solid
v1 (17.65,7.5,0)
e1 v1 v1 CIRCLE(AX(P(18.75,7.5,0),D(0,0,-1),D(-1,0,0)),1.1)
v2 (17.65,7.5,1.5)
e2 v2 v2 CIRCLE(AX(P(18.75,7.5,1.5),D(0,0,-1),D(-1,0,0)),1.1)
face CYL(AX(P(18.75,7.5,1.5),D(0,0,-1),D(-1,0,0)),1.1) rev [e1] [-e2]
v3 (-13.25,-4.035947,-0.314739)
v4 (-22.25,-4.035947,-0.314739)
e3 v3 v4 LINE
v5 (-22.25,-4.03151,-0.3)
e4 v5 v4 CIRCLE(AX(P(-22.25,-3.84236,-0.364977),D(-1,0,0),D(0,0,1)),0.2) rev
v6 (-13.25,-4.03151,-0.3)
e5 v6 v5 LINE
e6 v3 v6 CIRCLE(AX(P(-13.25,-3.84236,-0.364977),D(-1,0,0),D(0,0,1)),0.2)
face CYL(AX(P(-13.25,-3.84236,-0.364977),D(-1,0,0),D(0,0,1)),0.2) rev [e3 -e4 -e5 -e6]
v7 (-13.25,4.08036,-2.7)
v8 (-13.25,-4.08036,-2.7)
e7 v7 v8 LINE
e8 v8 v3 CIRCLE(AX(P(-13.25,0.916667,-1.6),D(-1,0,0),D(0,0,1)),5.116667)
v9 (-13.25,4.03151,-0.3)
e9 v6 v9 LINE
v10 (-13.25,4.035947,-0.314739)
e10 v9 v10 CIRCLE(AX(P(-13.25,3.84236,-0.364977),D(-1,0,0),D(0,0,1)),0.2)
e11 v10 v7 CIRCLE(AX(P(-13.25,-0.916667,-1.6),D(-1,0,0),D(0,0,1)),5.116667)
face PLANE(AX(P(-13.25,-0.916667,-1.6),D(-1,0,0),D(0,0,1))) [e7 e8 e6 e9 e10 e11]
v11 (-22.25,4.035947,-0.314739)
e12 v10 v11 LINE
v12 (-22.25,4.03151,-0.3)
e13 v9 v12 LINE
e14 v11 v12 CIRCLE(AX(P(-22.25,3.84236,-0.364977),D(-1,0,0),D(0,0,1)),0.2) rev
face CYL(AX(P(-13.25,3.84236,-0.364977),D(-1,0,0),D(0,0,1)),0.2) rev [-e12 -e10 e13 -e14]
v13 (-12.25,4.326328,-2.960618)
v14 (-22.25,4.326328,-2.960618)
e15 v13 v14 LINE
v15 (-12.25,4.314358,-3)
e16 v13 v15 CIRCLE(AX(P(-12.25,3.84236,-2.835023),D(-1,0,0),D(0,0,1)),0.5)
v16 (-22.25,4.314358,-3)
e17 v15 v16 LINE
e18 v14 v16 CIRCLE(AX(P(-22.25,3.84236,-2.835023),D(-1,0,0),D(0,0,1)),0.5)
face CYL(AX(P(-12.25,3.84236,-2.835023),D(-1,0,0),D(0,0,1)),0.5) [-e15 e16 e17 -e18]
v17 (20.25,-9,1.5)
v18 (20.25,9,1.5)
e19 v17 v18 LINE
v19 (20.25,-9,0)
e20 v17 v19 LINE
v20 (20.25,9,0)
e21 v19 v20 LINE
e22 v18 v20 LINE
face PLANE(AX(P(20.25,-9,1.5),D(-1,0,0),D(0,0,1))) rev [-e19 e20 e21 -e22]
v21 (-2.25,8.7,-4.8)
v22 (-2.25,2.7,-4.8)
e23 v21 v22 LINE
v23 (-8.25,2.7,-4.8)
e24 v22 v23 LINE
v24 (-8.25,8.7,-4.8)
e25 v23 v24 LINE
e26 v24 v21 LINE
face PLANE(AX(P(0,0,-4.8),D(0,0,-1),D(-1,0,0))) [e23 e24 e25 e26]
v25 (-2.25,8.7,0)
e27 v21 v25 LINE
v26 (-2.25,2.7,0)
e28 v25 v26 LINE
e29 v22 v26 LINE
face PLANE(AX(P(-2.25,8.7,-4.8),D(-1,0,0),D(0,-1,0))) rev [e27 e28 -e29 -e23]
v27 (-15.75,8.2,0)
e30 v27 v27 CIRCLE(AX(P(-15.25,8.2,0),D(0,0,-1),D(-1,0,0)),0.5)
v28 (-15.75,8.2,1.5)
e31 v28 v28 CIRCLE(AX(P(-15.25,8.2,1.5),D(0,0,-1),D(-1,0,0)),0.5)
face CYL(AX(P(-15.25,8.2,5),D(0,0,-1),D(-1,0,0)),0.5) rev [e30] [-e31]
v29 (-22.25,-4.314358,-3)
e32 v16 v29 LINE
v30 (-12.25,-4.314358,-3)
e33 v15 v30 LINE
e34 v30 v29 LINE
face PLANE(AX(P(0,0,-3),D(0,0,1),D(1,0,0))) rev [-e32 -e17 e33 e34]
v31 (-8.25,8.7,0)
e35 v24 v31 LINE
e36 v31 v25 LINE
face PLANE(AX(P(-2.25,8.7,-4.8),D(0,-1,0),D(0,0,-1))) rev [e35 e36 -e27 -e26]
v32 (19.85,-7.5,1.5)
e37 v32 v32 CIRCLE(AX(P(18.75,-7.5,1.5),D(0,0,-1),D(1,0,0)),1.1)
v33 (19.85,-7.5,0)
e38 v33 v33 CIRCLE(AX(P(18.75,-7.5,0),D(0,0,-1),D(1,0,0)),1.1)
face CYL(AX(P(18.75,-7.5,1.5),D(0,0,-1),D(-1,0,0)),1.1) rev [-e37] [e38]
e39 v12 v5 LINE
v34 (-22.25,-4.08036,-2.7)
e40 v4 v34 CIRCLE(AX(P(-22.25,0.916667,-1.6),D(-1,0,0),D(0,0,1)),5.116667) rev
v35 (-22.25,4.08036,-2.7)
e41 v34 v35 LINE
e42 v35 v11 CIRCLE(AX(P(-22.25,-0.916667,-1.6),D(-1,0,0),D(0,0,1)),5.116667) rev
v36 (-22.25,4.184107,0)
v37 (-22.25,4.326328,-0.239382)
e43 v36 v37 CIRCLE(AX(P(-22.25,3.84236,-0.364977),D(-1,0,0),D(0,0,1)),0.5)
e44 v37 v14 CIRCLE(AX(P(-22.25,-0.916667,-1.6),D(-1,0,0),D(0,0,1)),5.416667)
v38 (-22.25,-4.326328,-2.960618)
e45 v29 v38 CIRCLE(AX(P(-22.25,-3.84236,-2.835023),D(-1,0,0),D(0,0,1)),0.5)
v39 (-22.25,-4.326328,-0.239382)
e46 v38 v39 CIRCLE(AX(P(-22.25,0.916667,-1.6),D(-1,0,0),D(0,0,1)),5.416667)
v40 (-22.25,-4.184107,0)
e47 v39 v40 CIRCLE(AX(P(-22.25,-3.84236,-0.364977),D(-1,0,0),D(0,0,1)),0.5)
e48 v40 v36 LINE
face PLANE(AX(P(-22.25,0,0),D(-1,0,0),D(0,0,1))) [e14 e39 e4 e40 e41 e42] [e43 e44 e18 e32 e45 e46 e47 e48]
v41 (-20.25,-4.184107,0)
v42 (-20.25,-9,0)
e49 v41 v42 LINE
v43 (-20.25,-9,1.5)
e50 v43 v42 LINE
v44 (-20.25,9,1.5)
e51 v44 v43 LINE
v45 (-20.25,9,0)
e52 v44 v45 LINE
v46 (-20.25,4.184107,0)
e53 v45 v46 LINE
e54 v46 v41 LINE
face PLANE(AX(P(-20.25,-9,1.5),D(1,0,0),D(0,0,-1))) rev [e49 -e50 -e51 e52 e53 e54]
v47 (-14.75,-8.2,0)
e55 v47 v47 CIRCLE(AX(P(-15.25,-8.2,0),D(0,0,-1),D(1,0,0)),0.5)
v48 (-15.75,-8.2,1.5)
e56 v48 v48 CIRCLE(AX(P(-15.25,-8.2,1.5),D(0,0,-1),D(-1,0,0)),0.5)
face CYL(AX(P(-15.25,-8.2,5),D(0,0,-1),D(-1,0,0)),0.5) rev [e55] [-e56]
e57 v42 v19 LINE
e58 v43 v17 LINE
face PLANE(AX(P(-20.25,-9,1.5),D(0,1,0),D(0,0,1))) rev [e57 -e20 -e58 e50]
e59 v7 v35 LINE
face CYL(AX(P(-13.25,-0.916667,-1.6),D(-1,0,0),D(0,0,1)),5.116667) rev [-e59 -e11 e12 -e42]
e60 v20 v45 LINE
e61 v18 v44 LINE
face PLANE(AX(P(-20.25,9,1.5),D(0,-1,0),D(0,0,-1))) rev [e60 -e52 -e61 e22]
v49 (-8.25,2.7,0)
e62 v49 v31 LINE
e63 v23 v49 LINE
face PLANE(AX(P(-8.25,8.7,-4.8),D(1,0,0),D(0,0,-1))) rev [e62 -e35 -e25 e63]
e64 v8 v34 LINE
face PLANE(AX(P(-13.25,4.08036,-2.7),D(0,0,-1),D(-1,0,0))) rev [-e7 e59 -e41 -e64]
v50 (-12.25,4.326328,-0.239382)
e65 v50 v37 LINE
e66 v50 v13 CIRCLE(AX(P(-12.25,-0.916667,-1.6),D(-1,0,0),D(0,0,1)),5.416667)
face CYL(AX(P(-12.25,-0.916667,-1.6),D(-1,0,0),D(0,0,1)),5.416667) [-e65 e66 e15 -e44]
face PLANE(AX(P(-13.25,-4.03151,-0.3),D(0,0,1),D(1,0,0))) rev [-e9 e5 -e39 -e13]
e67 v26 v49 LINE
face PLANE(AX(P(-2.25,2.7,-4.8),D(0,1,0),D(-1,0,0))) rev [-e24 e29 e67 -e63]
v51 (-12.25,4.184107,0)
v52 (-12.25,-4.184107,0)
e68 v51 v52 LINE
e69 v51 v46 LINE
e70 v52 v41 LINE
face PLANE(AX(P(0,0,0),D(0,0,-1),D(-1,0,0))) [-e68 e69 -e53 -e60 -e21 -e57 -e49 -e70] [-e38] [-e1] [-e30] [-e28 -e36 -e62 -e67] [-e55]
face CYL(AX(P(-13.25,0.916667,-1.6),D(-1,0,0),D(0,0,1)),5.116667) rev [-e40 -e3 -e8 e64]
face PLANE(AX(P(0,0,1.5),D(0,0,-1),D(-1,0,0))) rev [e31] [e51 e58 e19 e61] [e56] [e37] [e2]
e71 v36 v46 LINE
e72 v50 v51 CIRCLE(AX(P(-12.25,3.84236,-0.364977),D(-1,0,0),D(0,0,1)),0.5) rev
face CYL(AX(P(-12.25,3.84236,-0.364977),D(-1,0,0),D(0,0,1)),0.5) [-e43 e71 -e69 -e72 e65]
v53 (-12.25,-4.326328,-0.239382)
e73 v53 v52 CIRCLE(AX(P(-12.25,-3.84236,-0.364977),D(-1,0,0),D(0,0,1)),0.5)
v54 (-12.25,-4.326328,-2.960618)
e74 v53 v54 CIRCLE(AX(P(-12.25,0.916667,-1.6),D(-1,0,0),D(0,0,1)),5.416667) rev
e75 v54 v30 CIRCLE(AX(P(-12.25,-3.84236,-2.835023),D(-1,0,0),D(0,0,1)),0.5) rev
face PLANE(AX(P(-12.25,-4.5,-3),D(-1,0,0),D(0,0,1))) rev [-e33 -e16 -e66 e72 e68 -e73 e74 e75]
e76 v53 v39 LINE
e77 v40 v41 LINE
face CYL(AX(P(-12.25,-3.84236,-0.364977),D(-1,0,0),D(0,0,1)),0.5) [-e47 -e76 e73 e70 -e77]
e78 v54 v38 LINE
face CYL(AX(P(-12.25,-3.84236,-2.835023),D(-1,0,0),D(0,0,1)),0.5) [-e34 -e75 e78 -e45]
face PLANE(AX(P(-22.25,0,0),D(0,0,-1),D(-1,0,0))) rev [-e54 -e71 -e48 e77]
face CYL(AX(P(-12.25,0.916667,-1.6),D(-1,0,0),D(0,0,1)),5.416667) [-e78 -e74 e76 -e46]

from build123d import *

# Parameters (mm, degrees)
IZIM1_W                     = 40.5
IZIM1_H                     = 18
Y_KSEKLIK_EKSTR_ZYON1_DEPTH = 1.5
IZIM2_R                     = 1.1
KES_EKSTR_ZYON1_DEPTH       = 1.5
IZIM3_W                     = 6
IZIM3_H                     = 6
Y_KSEKLIK_EKSTR_ZYON2_DEPTH = 4.8
IZIM4_W                     = 6
IZIM4_H                     = 9
Y_KSEKLIK_EKSTR_ZYON3_DEPTH = 3
KES_EKSTR_ZYON2_DEPTH       = 6
KES_EKSTR_ZYON3_DEPTH       = 5
IZIM8_R                     = 0.5
KES_EKSTR_ZYON4_DEPTH       = 5
Y_KSEKLIK_EKSTR_ZYON4_START = 4
Y_KSEKLIK_EKSTR_ZYON4_DEPTH = 4


with BuildPart() as part:
    # Çizim1 → Yükseklik-Ekstrüzyon1 (new body)
    with BuildSketch(Plane.XY):
        Rectangle(IZIM1_W, IZIM1_H)
    extrude(amount=Y_KSEKLIK_EKSTR_ZYON1_DEPTH)

    # Çizim2 → Kes-Ekstrüzyon1 (cut)
    with BuildSketch(Plane(origin=(0, 0, 0), x_dir=(-1, 0, 0), z_dir=(0, 0, -1))):
        with Locations((-18.75, 7.5)):
            Circle(IZIM2_R)
        with Locations((-18.75, -7.5)):
            Circle(IZIM2_R)
    extrude(amount=-KES_EKSTR_ZYON1_DEPTH, mode=Mode.SUBTRACT)

    # Çizim3 → Yükseklik-Ekstrüzyon2 (add)
    with BuildSketch(Plane(origin=(0, 0, 0), x_dir=(-1, 0, 0), z_dir=(0, 0, -1))):
        with Locations((5.25, 5.7)):
            Rectangle(IZIM3_W, IZIM3_H)
    extrude(amount=Y_KSEKLIK_EKSTR_ZYON2_DEPTH)

    # Çizim4 → Yükseklik-Ekstrüzyon3 (add)
    with BuildSketch(Plane(origin=(0, 0, 0), x_dir=(-1, 0, 0), z_dir=(0, 0, -1))):
        with Locations((15.25, 0)):
            Rectangle(IZIM4_W, IZIM4_H)
    extrude(amount=Y_KSEKLIK_EKSTR_ZYON3_DEPTH)

    # Çizim6 → Kes-Ekstrüzyon2 (cut)
    with BuildSketch(Plane.ZY.offset(18.25)):
        with BuildLine():
            ThreePointArc((-2.960618191, -4.326328271), (-2.980432326, -4.320748503), (-3, -4.314357896))
            Line((-3, -4.314357896), (-3, -4.5))
            Line((-3, -4.5), (-1.6, -4.5))
            ThreePointArc((-1.6, -4.5), (-2.285828647, -4.456406648), (-2.960618191, -4.326328271))
        make_face()
        with BuildLine():
            Line((-3, 4.5), (-3, 4.314357896))
            ThreePointArc((-3, 4.314357896), (-2.980432326, 4.320748503), (-2.960618191, 4.326328271))
            ThreePointArc((-2.960618191, 4.326328271), (-2.285828657, 4.456406647), (-1.60000002, 4.5))
            Line((-1.60000002, 4.5), (-3, 4.5))
        make_face()
        with BuildLine():
            ThreePointArc((-0.239381809, -4.326328271), (-0.914171353, -4.456406648), (-1.6, -4.5))
            Line((-1.6, -4.5), (0, -4.5))
            Line((0, -4.5), (0, -4.184107288))
            ThreePointArc((0, -4.184107288), (-0.109591088, -4.272217467), (-0.239381809, -4.326328271))
        make_face()
        with BuildLine():
            Line((0, 4.5), (-1.60000002, 4.5))
            ThreePointArc((-1.60000002, 4.5), (-0.914171363, 4.456406649), (-0.239381809, 4.326328271))
            ThreePointArc((-0.239381809, 4.326328271), (-0.109591088, 4.272217467), (0, 4.184107288))
            Line((0, 4.184107288), (0, 4.5))
        make_face()
    extrude(amount=-KES_EKSTR_ZYON2_DEPTH, mode=Mode.SUBTRACT)

    # Çizim7 → Kes-Ekstrüzyon3 (cut)
    with BuildSketch(Plane.ZY.offset(18.25)):
        with BuildLine():
            Line((-0.3, -4.031510098), (-0.3, 4.031510098))
            ThreePointArc((-0.3, 4.031510098), (-0.307326862, 4.033870403), (-0.314739124, 4.035947013))
            ThreePointArc((-0.314739124, 4.035947013), (-1.504744914, 4.199113259), (-2.7, 4.080360227))
            Line((-2.7, 4.080360227), (-2.7, -4.080360227))
            ThreePointArc((-2.7, -4.080360227), (-1.504744914, -4.199113259), (-0.314739124, -4.035947013))
            ThreePointArc((-0.314739124, -4.035947013), (-0.307326862, -4.033870403), (-0.3, -4.031510098))
        make_face()
    extrude(amount=-KES_EKSTR_ZYON3_DEPTH, mode=Mode.SUBTRACT)

    # Çizim8 → Kes-Ekstrüzyon4 (cut)
    with BuildSketch(Plane(origin=(0, 0, 0), x_dir=(-1, 0, 0), z_dir=(0, 0, -1))):
        with Locations((15.25, 8.2)):
            Circle(IZIM8_R)
        with Locations((15.25, -8.2)):
            Circle(IZIM8_R)
    extrude(amount=-KES_EKSTR_ZYON4_DEPTH, mode=Mode.SUBTRACT)

    # Çizim9 → Yükseklik-Ekstrüzyon4 (add)
    with BuildSketch(Plane.ZY.offset(18.25).offset(Y_KSEKLIK_EKSTR_ZYON4_START)):
        with BuildLine():
            ThreePointArc((-0.239381809, -4.326328271), (-0.109591088, -4.272217467), (0, -4.184107288))
            Line((0, -4.184107288), (0, 4.184107288))
            ThreePointArc((0, 4.184107288), (-0.109591088, 4.272217467), (-0.239381809, 4.326328271))
            ThreePointArc((-0.239381809, 4.326328271), (-1.6, 4.5), (-2.960618191, 4.326328271))
            ThreePointArc((-2.960618191, 4.326328271), (-2.980432326, 4.320748503), (-3, 4.314357896))
            Line((-3, 4.314357896), (-3, -4.314357896))
            ThreePointArc((-3, -4.314357896), (-2.980432326, -4.320748503), (-2.960618191, -4.326328271))
            ThreePointArc((-2.960618191, -4.326328271), (-1.6, -4.5), (-0.239381809, -4.326328271))
        make_face()
        with BuildLine():
            Line((-0.3, 4.031510098), (-0.3, -4.031510098))
            ThreePointArc((-0.3, -4.031510098), (-0.307326862, -4.033870403), (-0.314739124, -4.035947013))
            ThreePointArc((-0.314739124, -4.035947013), (-1.504744914, -4.199113259), (-2.7, -4.080360227))
            Line((-2.7, -4.080360227), (-2.7, 4.080360227))
            ThreePointArc((-2.7, 4.080360227), (-1.504744914, 4.199113259), (-0.314739124, 4.035947013))
            ThreePointArc((-0.314739124, 4.035947013), (-0.307326862, 4.033870403), (-0.3, 4.031510098))
        make_face(mode=Mode.SUBTRACT)
    extrude(amount=-Y_KSEKLIK_EKSTR_ZYON4_DEPTH)


solid = part.part
